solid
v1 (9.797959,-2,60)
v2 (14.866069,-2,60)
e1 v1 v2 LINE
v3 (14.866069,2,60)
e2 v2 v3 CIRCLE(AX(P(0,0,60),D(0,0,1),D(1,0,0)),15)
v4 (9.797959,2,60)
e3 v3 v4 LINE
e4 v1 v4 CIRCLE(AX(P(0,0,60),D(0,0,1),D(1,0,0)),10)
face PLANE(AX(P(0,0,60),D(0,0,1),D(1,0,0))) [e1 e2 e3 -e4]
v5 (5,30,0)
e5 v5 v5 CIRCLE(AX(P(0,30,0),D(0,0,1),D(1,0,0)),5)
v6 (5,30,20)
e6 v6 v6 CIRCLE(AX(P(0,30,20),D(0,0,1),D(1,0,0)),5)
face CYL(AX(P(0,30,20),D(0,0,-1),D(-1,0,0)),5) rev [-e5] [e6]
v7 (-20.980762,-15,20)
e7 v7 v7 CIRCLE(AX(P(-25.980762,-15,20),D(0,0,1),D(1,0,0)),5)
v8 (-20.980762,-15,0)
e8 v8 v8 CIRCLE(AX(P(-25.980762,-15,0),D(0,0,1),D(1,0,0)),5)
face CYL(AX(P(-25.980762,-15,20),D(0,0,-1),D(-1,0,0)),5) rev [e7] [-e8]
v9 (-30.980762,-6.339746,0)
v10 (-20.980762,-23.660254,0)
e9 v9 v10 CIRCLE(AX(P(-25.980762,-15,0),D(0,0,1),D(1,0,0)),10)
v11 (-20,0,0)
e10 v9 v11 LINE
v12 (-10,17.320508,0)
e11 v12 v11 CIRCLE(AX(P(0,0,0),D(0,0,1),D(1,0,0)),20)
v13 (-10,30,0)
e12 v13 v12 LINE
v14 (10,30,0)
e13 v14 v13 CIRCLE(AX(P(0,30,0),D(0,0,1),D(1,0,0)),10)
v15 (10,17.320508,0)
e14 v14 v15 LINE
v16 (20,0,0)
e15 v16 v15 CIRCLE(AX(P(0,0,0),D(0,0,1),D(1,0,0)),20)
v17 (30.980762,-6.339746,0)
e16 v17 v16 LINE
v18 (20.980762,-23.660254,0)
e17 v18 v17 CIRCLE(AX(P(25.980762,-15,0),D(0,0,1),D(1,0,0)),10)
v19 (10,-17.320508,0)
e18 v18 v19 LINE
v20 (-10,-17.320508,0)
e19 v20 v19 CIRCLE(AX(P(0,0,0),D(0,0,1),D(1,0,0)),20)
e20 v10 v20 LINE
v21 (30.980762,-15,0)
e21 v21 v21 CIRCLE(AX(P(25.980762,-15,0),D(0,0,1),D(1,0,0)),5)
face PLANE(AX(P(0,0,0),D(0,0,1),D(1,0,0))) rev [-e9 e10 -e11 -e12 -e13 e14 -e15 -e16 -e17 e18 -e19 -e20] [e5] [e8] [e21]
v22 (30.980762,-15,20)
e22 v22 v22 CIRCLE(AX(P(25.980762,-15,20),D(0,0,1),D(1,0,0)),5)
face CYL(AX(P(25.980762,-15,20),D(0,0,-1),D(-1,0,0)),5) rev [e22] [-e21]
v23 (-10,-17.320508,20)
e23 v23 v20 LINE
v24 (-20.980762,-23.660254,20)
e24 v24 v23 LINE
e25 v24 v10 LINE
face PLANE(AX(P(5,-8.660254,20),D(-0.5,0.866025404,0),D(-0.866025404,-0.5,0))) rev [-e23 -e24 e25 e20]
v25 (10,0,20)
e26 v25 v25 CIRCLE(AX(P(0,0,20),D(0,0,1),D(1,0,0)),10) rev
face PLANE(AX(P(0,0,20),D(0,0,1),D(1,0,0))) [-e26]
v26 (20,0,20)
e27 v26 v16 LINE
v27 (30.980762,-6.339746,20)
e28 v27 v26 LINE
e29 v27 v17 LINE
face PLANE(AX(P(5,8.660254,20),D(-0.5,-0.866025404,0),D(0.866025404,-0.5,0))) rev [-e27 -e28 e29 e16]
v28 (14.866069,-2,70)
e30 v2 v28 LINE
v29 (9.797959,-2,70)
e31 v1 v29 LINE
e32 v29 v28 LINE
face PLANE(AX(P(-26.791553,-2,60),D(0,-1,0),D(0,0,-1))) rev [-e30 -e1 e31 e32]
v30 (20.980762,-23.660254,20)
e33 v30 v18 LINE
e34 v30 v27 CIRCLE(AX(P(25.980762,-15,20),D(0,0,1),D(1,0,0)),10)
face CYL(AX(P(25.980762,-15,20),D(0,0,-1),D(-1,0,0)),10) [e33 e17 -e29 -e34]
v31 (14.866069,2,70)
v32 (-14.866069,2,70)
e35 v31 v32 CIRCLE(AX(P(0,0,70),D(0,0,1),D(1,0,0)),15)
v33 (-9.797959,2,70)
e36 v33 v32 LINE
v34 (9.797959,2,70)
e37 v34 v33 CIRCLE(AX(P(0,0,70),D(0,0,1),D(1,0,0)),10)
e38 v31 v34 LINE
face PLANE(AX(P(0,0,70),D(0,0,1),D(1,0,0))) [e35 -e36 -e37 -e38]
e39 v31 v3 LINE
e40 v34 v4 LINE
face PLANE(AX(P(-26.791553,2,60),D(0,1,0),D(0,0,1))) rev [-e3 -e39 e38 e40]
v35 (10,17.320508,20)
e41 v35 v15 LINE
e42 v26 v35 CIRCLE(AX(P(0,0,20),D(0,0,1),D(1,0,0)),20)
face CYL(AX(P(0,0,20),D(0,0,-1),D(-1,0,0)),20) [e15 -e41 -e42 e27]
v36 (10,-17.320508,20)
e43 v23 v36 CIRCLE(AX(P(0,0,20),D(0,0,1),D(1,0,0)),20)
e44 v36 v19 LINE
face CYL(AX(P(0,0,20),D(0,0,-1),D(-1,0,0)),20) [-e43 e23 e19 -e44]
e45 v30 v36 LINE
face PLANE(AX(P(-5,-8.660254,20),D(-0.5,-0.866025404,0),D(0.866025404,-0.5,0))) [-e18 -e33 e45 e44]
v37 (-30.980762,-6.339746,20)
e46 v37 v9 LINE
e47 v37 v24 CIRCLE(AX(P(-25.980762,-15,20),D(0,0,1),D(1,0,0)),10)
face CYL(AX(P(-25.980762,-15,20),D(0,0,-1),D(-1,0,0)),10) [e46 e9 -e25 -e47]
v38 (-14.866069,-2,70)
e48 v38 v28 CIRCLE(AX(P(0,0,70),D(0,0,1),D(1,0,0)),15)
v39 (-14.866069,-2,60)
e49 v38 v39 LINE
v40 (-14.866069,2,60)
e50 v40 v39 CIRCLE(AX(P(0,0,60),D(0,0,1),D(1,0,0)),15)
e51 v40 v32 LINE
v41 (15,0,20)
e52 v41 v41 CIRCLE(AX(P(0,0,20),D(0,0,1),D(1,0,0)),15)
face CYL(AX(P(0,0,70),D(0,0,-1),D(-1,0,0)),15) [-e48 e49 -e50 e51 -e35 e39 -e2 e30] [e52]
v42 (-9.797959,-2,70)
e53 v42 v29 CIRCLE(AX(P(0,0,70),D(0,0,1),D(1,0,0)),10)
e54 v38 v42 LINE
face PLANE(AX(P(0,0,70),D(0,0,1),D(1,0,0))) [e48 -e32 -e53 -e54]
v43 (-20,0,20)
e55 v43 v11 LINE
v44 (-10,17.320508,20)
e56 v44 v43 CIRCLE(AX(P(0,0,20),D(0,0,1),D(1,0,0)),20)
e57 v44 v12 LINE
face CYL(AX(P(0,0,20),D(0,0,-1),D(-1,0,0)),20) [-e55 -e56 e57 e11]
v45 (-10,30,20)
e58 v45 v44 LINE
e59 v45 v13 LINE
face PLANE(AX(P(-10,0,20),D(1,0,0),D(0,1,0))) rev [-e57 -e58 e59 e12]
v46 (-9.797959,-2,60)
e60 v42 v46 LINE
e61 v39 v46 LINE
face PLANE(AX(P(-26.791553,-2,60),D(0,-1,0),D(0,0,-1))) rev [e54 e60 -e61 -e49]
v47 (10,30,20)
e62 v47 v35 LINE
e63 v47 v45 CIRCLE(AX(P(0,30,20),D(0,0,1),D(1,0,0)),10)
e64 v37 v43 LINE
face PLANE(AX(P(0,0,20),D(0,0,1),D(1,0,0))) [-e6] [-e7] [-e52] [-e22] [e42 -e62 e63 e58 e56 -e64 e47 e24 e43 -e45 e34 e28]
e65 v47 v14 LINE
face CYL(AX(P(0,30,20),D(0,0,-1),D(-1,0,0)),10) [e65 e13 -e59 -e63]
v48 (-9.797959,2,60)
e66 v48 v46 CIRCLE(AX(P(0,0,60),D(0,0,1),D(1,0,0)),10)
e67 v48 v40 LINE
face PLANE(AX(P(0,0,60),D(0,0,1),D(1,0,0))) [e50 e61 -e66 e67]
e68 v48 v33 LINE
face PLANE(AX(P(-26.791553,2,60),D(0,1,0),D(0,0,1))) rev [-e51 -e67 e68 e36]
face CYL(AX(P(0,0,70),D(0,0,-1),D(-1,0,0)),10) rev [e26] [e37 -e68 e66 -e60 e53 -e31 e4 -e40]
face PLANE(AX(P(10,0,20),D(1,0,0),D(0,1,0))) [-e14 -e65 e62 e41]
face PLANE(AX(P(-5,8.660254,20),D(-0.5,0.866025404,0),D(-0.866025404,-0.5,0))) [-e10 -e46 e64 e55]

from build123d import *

# Parameters (mm, degrees)
SKETCH_1_R          = 5
EXTRUDE_1_DEPTH     = 20
SKETCH_2_R          = 15
SKETCH_2_R_2        = 10
EXTRUDE_2_DEPTH     = 50
SKETCH_3_W          = 53.583106362
SKETCH_3_H          = 4
CUT_EXTRUDE_1_DEPTH = 10


with BuildPart() as part:
    # 草圖1 → 填料-伸長1 (new body)
    with BuildSketch(Plane.XY):
        with BuildLine():
            ThreePointArc((-30.980762114, -6.339745962), (-34.641016151, -20), (-20.980762114, -23.660254038))
            Line((-20.980762114, -23.660254038), (-10, -17.320508076))
            ThreePointArc((-10, -17.320508076), (0, -20), (10, -17.320508076))
            Line((10, -17.320508076), (20.980762114, -23.660254038))
            ThreePointArc((20.980762114, -23.660254038), (34.641016151, -20), (30.980762114, -6.339745962))
            Line((30.980762114, -6.339745962), (20, 0))
            ThreePointArc((20, 0), (17.320508076, 10), (10, 17.320508076))
            Line((10, 17.320508076), (10, 30))
            ThreePointArc((10, 30), (0, 40), (-10, 30))
            Line((-10, 30), (-10, 17.320508076))
            ThreePointArc((-10, 17.320508076), (-17.320508076, 10), (-20, 0))
            Line((-20, 0), (-30.980762114, -6.339745962))
        make_face()
        with Locations((-25.980762114, -15)):
            Circle(SKETCH_1_R, mode=Mode.SUBTRACT)
        with Locations((25.980762114, -15)):
            Circle(SKETCH_1_R, mode=Mode.SUBTRACT)
        with Locations((0, 30)):
            Circle(SKETCH_1_R, mode=Mode.SUBTRACT)
    extrude(amount=EXTRUDE_1_DEPTH)

    # 草圖2 → 填料-伸長2 (add)
    with BuildSketch(Plane.XY.offset(20)):
        Circle(SKETCH_2_R)
        Circle(SKETCH_2_R_2, mode=Mode.SUBTRACT)
    extrude(amount=EXTRUDE_2_DEPTH)

    # 草圖3 → 除料-伸長1 (cut)
    with BuildSketch(Plane.XY.offset(70)):
        Rectangle(SKETCH_3_W, SKETCH_3_H)
    extrude(amount=-CUT_EXTRUDE_1_DEPTH, mode=Mode.SUBTRACT)


solid = part.part
